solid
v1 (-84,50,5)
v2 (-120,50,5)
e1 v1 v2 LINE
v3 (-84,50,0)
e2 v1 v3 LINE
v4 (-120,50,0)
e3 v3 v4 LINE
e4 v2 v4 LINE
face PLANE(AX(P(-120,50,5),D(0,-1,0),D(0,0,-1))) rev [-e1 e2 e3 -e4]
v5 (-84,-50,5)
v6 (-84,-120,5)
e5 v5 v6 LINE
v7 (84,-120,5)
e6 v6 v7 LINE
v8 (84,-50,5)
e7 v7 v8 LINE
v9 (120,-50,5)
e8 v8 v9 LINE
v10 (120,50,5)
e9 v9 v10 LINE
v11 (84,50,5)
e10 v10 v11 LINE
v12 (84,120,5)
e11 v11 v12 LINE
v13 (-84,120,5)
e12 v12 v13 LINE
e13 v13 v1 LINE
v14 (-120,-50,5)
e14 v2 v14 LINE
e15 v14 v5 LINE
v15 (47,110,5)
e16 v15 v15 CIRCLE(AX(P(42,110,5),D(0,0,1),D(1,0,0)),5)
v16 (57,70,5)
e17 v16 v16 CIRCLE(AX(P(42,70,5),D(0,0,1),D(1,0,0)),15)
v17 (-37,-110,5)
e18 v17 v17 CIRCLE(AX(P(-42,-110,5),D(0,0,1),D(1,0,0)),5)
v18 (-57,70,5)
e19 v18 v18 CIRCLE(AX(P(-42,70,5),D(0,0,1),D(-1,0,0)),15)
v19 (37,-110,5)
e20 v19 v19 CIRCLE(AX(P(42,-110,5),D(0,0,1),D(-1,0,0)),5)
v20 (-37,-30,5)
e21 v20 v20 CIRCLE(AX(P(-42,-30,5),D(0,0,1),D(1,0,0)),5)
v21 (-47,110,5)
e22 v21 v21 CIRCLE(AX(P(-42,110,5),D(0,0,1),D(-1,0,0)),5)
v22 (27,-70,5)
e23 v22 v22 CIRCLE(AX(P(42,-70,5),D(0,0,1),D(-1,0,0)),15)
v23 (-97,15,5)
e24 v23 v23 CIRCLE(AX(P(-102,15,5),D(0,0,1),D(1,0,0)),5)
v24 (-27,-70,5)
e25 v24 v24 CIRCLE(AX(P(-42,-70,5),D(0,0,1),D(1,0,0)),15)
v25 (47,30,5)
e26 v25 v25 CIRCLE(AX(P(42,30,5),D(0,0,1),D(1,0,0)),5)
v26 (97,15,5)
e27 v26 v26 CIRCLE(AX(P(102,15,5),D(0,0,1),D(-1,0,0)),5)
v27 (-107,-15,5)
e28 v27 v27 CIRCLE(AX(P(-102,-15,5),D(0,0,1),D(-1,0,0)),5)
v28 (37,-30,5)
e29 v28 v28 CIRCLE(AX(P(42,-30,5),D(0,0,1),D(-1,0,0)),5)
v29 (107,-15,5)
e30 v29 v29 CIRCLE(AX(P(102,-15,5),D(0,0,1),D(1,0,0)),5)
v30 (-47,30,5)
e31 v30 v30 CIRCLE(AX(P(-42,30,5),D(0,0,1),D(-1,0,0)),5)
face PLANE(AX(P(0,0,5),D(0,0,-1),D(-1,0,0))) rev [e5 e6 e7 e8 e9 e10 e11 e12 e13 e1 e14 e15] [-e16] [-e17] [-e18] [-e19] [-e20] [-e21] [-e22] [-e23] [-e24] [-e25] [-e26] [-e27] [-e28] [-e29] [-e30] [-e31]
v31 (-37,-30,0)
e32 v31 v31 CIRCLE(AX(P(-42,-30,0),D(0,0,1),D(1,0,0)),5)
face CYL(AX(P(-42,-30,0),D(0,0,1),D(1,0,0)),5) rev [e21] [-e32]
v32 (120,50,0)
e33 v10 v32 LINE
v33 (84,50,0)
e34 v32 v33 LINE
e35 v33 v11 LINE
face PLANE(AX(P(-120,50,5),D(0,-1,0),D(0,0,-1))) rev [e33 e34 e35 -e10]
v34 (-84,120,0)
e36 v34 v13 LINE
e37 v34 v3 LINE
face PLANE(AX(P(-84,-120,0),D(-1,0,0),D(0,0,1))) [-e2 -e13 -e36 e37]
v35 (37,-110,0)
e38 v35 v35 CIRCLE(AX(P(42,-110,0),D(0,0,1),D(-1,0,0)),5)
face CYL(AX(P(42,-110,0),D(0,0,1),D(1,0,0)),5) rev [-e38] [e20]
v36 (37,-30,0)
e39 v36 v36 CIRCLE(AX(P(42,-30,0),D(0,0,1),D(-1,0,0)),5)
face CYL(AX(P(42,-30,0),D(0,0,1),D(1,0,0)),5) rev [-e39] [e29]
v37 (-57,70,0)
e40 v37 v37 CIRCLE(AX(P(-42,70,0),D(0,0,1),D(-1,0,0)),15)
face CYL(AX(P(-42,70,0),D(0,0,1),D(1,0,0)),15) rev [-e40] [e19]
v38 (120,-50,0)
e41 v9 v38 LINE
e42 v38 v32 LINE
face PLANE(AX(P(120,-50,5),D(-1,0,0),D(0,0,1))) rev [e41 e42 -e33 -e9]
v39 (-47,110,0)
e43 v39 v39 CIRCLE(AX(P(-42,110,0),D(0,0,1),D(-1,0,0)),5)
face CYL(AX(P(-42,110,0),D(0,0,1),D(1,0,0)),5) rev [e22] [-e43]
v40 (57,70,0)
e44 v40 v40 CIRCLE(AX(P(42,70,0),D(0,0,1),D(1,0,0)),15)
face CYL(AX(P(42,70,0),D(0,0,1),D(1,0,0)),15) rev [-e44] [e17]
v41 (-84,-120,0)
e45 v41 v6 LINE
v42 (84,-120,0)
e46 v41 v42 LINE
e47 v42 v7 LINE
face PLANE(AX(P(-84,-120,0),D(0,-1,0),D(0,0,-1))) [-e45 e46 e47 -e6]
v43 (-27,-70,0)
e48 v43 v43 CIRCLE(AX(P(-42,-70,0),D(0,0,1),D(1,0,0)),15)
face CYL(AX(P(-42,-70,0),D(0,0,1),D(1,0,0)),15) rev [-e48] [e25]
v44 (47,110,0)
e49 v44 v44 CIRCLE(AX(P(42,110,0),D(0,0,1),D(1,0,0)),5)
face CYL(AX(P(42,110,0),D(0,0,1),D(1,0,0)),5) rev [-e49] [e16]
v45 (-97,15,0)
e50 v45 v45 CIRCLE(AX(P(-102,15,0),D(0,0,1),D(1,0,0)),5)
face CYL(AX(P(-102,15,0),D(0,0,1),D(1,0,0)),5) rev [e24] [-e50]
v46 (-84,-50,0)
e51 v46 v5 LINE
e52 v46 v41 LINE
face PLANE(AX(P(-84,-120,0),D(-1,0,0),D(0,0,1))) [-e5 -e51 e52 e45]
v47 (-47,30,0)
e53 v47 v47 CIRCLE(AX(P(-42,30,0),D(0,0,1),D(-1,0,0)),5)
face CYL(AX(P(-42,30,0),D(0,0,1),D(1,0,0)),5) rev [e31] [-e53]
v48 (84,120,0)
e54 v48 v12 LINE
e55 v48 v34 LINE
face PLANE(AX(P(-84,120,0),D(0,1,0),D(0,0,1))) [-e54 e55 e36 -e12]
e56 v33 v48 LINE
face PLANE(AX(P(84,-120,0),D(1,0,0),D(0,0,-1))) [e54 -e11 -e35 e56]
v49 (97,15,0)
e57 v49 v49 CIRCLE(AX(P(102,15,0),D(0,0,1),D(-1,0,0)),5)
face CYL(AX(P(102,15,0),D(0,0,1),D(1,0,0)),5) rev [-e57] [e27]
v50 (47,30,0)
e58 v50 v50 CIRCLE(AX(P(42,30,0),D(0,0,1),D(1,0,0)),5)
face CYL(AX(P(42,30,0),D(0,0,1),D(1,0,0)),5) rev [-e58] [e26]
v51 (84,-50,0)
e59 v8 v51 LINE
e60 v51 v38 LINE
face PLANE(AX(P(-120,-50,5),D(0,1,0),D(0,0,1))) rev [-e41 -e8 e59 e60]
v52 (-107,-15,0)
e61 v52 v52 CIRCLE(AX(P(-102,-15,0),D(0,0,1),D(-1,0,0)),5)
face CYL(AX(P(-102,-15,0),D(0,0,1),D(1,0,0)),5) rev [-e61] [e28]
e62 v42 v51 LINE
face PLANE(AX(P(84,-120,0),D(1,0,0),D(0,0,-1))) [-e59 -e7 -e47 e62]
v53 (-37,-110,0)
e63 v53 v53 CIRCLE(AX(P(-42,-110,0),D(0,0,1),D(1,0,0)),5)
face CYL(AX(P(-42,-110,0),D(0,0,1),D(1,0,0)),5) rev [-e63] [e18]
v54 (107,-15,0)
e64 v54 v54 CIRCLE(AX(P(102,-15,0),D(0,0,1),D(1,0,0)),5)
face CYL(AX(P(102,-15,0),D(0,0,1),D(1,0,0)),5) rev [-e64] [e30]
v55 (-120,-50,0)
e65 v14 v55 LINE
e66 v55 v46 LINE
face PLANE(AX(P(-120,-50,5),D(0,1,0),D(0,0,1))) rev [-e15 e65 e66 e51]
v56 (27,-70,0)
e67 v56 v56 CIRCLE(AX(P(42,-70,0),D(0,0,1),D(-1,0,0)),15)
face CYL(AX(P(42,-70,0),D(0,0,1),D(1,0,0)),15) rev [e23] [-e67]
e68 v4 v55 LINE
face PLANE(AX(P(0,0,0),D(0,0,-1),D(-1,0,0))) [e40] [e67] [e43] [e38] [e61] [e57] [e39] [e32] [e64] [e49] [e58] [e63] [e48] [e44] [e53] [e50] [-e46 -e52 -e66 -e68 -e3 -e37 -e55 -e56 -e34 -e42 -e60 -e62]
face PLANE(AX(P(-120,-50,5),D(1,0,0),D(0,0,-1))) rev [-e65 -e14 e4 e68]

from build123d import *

# Parameters (mm, degrees)
SKETCH1_W           = 240
SKETCH1_H           = 100
BOSS_EXTRUDE1_DEPTH = 5
SKETCH2_W           = 168
SKETCH2_H           = 240
BOSS_EXTRUDE2_DEPTH = 5
SKETCH3_R           = 5
CUT_EXTRUDE1_DEPTH  = 5
SKETCH4_R           = 15
SKETCH4_R_2         = 5
CUT_EXTRUDE2_DEPTH  = 5


with BuildPart() as part:
    # Sketch1 → Boss-Extrude1 (new body)
    with BuildSketch(Plane.XY):
        Rectangle(SKETCH1_W, SKETCH1_H)
    extrude(amount=BOSS_EXTRUDE1_DEPTH)

    # Sketch2 → Boss-Extrude2 (add)
    with BuildSketch(Plane.XY.offset(5)):
        Rectangle(SKETCH2_W, SKETCH2_H)
    extrude(amount=-BOSS_EXTRUDE2_DEPTH)

    # Sketch3 → Cut-Extrude1 (cut)
    with BuildSketch(Plane.XY.offset(5)):
        with Locations((-102, 15)):
            Circle(SKETCH3_R)
        with Locations((102, 15)):
            Circle(SKETCH3_R)
        with Locations((102, -15)):
            Circle(SKETCH3_R)
        with Locations((-102, -15)):
            Circle(SKETCH3_R)
    extrude(amount=-CUT_EXTRUDE1_DEPTH, mode=Mode.SUBTRACT)

    # Sketch4 → Cut-Extrude2 (cut)
    with BuildSketch(Plane.XY.offset(5)):
        with Locations((-42, -70)):
            Circle(SKETCH4_R)
        with Locations((42, -70)):
            Circle(SKETCH4_R)
        with Locations((-42, -30)):
            Circle(SKETCH4_R_2)
        with Locations((-42, -110)):
            Circle(SKETCH4_R_2)
        with Locations((42, -110)):
            Circle(SKETCH4_R_2)
        with Locations((42, -30)):
            Circle(SKETCH4_R_2)
        with Locations((42, 30)):
            Circle(SKETCH4_R_2)
        with Locations((42, 110)):
            Circle(SKETCH4_R_2)
        with Locations((-42, 110)):
            Circle(SKETCH4_R_2)
        with Locations((-42, 30)):
            Circle(SKETCH4_R_2)
        with Locations((42, 70)):
            Circle(SKETCH4_R)
        with Locations((-42, 70)):
            Circle(SKETCH4_R)
    extrude(amount=-CUT_EXTRUDE2_DEPTH, mode=Mode.SUBTRACT)


solid = part.part
